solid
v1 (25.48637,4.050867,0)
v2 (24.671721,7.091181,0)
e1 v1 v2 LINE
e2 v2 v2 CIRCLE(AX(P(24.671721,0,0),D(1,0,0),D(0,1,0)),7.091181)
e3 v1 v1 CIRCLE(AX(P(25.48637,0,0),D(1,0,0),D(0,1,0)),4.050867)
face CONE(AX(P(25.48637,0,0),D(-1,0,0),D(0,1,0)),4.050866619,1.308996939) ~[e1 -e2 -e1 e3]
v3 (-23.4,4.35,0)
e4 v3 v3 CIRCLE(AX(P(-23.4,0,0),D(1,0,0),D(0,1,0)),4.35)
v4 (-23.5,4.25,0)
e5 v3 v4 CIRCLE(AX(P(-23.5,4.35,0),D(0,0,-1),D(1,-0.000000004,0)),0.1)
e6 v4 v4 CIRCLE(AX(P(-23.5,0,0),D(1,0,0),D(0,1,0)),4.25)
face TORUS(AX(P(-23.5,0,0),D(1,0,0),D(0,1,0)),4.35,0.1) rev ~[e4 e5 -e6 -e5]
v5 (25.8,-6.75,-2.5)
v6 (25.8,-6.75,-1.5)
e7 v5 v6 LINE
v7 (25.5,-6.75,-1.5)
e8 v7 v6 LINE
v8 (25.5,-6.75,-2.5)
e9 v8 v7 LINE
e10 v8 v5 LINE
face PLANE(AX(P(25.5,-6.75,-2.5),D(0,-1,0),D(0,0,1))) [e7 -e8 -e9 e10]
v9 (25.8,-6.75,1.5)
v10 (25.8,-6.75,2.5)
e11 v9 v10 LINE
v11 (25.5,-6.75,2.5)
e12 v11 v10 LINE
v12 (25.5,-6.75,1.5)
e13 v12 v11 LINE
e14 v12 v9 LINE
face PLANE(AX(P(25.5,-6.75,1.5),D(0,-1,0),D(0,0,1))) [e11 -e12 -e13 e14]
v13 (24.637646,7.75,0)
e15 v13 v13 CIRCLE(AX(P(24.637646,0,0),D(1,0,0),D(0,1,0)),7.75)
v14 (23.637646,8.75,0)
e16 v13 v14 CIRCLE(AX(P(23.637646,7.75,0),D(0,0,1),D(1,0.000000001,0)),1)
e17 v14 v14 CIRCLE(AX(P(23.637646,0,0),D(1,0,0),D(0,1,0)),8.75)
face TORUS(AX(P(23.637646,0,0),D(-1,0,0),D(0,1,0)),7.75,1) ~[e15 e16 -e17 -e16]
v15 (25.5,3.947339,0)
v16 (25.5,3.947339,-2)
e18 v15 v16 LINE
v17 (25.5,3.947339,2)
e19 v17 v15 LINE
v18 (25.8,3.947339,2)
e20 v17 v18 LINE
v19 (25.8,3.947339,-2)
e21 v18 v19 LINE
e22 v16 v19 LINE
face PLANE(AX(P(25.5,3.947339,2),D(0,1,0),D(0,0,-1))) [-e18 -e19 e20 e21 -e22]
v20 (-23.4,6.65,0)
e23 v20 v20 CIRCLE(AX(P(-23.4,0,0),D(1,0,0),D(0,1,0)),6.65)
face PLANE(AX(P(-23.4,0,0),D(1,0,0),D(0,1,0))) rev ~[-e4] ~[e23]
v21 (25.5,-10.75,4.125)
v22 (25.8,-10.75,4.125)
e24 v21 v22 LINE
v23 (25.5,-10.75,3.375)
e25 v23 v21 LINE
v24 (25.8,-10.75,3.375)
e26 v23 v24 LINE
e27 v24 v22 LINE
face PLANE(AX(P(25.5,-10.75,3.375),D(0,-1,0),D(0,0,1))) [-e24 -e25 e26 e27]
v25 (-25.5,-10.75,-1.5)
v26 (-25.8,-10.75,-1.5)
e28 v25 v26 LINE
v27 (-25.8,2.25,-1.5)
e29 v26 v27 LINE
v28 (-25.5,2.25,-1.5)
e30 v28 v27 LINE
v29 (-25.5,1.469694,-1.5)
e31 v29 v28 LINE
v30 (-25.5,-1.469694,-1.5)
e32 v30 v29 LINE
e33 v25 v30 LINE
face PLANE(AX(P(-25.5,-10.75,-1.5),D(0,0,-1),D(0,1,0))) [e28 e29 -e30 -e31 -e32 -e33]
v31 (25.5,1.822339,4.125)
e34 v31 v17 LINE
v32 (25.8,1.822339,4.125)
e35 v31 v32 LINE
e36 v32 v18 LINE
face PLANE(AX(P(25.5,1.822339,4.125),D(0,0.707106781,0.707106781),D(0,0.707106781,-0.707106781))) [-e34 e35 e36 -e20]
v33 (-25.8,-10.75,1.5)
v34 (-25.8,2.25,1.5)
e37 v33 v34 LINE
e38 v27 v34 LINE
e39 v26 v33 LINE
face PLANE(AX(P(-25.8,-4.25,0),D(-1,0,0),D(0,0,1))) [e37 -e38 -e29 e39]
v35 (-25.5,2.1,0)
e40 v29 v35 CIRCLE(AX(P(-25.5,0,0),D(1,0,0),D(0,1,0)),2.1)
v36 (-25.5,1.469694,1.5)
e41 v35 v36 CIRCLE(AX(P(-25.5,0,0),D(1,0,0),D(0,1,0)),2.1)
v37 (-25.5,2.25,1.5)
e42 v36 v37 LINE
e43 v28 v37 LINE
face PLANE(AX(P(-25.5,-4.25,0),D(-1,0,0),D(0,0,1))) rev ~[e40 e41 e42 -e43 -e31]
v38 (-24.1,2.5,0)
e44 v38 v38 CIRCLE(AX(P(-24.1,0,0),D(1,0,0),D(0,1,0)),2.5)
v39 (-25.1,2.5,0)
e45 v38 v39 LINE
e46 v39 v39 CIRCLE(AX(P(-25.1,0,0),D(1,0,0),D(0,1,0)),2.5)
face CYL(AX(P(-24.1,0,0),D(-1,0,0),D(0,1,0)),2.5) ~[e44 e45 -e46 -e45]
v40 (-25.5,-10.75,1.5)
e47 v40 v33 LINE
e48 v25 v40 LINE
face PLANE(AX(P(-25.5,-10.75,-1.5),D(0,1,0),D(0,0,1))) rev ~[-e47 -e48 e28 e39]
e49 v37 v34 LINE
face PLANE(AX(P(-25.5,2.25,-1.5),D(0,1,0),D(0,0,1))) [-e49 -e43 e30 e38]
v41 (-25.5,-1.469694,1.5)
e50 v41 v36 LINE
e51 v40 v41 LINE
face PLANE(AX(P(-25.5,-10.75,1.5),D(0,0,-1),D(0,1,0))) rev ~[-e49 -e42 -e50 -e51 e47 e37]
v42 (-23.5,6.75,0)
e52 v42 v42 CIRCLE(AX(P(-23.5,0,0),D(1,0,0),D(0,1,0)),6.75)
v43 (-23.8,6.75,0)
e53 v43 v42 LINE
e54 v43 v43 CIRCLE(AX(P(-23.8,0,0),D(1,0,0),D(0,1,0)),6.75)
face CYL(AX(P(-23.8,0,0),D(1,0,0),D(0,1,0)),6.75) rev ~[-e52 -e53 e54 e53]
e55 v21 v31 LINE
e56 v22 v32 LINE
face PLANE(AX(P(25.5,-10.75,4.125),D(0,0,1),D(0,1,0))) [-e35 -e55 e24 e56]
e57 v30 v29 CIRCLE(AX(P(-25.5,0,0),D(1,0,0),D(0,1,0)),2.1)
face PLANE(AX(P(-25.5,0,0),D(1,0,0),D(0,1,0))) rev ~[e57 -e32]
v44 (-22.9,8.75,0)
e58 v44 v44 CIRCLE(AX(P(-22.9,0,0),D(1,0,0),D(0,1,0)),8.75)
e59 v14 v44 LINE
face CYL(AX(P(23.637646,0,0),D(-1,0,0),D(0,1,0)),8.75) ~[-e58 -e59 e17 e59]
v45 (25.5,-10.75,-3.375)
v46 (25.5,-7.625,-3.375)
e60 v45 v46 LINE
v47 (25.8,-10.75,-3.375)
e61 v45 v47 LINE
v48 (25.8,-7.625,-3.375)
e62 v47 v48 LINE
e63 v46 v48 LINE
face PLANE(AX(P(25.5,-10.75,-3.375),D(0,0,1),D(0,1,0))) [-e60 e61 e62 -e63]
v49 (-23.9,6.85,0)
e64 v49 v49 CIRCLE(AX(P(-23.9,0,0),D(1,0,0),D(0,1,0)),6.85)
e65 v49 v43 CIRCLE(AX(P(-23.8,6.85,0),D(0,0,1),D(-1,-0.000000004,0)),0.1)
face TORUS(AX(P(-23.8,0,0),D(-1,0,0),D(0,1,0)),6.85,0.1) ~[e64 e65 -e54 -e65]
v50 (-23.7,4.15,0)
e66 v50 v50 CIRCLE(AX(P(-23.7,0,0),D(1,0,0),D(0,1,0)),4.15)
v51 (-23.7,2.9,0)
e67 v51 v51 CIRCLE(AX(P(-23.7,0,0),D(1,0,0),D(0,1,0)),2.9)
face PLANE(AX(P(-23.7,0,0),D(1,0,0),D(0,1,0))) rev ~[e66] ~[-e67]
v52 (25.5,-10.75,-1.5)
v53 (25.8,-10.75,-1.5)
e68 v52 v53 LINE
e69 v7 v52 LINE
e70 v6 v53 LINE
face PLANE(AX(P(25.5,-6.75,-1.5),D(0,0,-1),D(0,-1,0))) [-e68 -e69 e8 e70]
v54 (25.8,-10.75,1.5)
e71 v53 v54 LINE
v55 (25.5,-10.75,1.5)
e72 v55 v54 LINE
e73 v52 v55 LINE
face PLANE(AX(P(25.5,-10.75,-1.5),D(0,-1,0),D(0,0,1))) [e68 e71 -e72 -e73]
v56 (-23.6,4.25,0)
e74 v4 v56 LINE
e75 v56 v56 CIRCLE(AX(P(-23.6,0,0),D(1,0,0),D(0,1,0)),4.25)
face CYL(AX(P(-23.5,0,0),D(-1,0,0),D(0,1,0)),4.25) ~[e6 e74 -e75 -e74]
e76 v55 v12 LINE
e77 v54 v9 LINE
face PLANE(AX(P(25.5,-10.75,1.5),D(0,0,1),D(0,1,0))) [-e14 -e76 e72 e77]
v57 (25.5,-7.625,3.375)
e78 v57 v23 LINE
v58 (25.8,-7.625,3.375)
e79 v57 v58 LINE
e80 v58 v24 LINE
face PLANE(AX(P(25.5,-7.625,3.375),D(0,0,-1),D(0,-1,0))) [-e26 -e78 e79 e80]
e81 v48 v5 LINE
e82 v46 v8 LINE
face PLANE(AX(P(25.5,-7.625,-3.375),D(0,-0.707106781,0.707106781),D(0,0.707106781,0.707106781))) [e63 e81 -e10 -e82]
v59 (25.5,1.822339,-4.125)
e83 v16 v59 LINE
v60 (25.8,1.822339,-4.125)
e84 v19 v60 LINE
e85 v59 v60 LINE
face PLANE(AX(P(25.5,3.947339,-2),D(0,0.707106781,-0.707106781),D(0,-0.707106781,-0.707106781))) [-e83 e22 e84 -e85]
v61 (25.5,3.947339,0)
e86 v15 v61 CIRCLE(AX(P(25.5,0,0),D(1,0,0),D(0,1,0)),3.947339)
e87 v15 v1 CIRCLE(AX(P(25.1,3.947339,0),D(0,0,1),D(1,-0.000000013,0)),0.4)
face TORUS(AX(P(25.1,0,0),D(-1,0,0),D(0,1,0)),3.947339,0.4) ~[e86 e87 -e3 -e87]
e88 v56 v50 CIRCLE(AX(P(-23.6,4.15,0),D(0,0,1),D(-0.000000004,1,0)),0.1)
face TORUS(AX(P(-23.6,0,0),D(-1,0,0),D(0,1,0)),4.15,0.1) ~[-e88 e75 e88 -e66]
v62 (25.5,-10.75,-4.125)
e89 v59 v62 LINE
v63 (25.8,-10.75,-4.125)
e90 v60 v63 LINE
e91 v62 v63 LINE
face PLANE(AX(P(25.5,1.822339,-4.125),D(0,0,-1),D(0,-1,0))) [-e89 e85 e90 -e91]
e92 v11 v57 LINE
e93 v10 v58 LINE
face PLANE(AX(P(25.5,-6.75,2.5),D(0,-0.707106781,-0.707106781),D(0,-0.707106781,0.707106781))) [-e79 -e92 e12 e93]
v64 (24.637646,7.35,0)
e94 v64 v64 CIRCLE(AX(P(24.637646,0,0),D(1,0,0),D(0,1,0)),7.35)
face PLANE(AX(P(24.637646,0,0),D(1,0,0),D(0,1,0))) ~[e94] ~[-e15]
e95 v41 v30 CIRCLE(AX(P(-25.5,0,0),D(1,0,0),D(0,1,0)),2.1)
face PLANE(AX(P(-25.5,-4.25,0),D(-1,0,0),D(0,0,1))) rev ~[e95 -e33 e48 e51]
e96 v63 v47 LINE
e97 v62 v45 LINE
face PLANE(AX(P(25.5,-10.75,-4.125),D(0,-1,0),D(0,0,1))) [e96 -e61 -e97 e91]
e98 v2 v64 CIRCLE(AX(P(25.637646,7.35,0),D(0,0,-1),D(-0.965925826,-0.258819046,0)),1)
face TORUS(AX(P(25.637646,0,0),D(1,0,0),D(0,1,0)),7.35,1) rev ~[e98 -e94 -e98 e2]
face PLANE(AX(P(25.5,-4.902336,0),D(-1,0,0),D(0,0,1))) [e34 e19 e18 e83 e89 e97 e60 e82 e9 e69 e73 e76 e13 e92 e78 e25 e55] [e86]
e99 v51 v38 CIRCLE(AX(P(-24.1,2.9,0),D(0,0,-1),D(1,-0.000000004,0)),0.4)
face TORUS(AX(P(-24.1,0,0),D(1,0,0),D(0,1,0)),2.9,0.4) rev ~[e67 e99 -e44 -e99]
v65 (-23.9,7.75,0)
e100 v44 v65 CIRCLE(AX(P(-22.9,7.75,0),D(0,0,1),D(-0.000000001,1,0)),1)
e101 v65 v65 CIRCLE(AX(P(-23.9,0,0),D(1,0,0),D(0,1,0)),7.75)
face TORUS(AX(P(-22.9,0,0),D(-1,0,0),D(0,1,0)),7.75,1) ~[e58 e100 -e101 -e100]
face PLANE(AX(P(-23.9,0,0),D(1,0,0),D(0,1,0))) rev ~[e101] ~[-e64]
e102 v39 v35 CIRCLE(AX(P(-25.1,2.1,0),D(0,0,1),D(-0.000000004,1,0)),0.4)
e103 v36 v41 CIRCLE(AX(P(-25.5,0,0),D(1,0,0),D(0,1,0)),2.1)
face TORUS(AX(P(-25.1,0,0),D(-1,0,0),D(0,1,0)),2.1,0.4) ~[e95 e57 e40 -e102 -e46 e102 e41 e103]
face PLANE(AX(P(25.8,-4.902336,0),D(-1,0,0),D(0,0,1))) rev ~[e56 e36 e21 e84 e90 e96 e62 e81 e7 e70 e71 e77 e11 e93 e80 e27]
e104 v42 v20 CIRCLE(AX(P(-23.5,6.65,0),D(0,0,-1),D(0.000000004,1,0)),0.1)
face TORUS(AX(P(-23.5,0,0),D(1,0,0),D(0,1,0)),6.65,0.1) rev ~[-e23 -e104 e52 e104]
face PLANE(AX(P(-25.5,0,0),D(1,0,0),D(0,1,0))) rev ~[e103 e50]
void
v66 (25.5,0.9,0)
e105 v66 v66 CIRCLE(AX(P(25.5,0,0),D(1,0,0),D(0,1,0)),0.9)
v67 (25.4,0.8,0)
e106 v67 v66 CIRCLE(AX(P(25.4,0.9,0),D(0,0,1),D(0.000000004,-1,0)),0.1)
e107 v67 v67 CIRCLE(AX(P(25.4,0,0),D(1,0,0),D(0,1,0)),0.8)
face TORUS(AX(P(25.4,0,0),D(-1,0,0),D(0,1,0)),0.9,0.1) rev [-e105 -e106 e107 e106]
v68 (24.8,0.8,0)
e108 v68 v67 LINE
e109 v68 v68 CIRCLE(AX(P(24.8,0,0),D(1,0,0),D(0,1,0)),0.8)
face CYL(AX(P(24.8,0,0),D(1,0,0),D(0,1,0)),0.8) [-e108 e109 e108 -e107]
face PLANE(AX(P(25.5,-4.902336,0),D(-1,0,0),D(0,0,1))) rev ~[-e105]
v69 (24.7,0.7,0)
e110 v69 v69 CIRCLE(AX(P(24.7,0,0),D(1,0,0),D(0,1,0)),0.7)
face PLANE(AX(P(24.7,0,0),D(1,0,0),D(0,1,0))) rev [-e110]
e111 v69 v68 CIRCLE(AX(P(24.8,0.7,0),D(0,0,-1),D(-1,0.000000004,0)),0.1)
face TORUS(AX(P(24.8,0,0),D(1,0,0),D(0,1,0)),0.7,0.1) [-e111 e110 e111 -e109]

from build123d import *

# Parameters (mm, degrees)
BOSS_EXTRUDE1_DEPTH = 0.3
SKETCH3_W           = 3
SKETCH3_H           = 13
BOSS_EXTRUDE2_DEPTH = 0.3


with BuildPart() as part:
    # Sketch1 → Revolve1 (revolve)
    with BuildSketch(Plane.XY):
        with BuildLine():
            Line((-25.5, 0), (24.7, 0))
            Line((24.7, 0), (24.7, 0.7))
            ThreePointArc((24.7, 0.7), (24.729289322, 0.770710678), (24.8, 0.8))
            Line((24.8, 0.8), (25.4, 0.8))
            ThreePointArc((25.4, 0.8), (25.470710678, 0.829289322), (25.5, 0.9))
            Line((25.5, 0.9), (25.5, 3.947339001))
            ThreePointArc((25.5, 3.947339001), (25.496577945, 3.999549478), (25.486370331, 4.050866619))
            Line((25.486370331, 4.050866619), (24.671720559, 7.091180955))
            ThreePointArc((24.671720559, 7.091180955), (24.646201524, 7.219473808), (24.637646386, 7.35))
            Line((24.637646386, 7.35), (24.637646386, 7.75))
            ThreePointArc((24.637646386, 7.75), (24.344753167, 8.457106781), (23.637646386, 8.75))
            Line((23.637646386, 8.75), (-22.9, 8.75))
            ThreePointArc((-22.9, 8.75), (-23.607106781, 8.457106781), (-23.9, 7.75))
            Line((-23.9, 7.75), (-23.9, 6.85))
            ThreePointArc((-23.9, 6.85), (-23.870710678, 6.779289322), (-23.8, 6.75))
            Line((-23.8, 6.75), (-23.5, 6.75))
            ThreePointArc((-23.5, 6.75), (-23.429289322, 6.720710678), (-23.4, 6.65))
            Line((-23.4, 6.65), (-23.4, 4.35))
            ThreePointArc((-23.4, 4.35), (-23.429289322, 4.279289322), (-23.5, 4.25))
            Line((-23.5, 4.25), (-23.6, 4.25))
            ThreePointArc((-23.6, 4.25), (-23.670710678, 4.220710678), (-23.7, 4.15))
            Line((-23.7, 4.15), (-23.7, 2.9))
            ThreePointArc((-23.7, 2.9), (-23.817157288, 2.617157288), (-24.1, 2.5))
            Line((-24.1, 2.5), (-25.1, 2.5))
            ThreePointArc((-25.1, 2.5), (-25.382842712, 2.382842712), (-25.5, 2.1))
            Line((-25.5, 2.1), (-25.5, 0))
        make_face()
    revolve(axis=Axis((-25.5, 0, 0), (1, 0, 0)))

    # Sketch2 → Boss-Extrude1 (add)
    with BuildSketch(Plane(origin=(25.5, 0, 0), x_dir=(0, 0, -1), z_dir=(1, 0, 0))):
        Polygon((-2, 3.947339001), (2, 3.947339001), (4.125, 1.822339001), (4.125, -10.75), (3.375, -10.75), (3.375, -7.625), (2.5, -6.75), (1.5, -6.75), (1.5, -10.75), (-1.5, -10.75), (-1.5, -6.75), (-2.5, -6.75), (-3.375, -7.625), (-3.375, -10.75), (-4.125, -10.75), (-4.125, 1.822339001), align=None)
    extrude(amount=BOSS_EXTRUDE1_DEPTH)

    # Sketch3 → Boss-Extrude2 (add)
    with BuildSketch(Plane.ZY.offset(25.5)):
        with Locations((0, -4.25)):
            Rectangle(SKETCH3_W, SKETCH3_H)
    extrude(amount=BOSS_EXTRUDE2_DEPTH)


solid = part.part
